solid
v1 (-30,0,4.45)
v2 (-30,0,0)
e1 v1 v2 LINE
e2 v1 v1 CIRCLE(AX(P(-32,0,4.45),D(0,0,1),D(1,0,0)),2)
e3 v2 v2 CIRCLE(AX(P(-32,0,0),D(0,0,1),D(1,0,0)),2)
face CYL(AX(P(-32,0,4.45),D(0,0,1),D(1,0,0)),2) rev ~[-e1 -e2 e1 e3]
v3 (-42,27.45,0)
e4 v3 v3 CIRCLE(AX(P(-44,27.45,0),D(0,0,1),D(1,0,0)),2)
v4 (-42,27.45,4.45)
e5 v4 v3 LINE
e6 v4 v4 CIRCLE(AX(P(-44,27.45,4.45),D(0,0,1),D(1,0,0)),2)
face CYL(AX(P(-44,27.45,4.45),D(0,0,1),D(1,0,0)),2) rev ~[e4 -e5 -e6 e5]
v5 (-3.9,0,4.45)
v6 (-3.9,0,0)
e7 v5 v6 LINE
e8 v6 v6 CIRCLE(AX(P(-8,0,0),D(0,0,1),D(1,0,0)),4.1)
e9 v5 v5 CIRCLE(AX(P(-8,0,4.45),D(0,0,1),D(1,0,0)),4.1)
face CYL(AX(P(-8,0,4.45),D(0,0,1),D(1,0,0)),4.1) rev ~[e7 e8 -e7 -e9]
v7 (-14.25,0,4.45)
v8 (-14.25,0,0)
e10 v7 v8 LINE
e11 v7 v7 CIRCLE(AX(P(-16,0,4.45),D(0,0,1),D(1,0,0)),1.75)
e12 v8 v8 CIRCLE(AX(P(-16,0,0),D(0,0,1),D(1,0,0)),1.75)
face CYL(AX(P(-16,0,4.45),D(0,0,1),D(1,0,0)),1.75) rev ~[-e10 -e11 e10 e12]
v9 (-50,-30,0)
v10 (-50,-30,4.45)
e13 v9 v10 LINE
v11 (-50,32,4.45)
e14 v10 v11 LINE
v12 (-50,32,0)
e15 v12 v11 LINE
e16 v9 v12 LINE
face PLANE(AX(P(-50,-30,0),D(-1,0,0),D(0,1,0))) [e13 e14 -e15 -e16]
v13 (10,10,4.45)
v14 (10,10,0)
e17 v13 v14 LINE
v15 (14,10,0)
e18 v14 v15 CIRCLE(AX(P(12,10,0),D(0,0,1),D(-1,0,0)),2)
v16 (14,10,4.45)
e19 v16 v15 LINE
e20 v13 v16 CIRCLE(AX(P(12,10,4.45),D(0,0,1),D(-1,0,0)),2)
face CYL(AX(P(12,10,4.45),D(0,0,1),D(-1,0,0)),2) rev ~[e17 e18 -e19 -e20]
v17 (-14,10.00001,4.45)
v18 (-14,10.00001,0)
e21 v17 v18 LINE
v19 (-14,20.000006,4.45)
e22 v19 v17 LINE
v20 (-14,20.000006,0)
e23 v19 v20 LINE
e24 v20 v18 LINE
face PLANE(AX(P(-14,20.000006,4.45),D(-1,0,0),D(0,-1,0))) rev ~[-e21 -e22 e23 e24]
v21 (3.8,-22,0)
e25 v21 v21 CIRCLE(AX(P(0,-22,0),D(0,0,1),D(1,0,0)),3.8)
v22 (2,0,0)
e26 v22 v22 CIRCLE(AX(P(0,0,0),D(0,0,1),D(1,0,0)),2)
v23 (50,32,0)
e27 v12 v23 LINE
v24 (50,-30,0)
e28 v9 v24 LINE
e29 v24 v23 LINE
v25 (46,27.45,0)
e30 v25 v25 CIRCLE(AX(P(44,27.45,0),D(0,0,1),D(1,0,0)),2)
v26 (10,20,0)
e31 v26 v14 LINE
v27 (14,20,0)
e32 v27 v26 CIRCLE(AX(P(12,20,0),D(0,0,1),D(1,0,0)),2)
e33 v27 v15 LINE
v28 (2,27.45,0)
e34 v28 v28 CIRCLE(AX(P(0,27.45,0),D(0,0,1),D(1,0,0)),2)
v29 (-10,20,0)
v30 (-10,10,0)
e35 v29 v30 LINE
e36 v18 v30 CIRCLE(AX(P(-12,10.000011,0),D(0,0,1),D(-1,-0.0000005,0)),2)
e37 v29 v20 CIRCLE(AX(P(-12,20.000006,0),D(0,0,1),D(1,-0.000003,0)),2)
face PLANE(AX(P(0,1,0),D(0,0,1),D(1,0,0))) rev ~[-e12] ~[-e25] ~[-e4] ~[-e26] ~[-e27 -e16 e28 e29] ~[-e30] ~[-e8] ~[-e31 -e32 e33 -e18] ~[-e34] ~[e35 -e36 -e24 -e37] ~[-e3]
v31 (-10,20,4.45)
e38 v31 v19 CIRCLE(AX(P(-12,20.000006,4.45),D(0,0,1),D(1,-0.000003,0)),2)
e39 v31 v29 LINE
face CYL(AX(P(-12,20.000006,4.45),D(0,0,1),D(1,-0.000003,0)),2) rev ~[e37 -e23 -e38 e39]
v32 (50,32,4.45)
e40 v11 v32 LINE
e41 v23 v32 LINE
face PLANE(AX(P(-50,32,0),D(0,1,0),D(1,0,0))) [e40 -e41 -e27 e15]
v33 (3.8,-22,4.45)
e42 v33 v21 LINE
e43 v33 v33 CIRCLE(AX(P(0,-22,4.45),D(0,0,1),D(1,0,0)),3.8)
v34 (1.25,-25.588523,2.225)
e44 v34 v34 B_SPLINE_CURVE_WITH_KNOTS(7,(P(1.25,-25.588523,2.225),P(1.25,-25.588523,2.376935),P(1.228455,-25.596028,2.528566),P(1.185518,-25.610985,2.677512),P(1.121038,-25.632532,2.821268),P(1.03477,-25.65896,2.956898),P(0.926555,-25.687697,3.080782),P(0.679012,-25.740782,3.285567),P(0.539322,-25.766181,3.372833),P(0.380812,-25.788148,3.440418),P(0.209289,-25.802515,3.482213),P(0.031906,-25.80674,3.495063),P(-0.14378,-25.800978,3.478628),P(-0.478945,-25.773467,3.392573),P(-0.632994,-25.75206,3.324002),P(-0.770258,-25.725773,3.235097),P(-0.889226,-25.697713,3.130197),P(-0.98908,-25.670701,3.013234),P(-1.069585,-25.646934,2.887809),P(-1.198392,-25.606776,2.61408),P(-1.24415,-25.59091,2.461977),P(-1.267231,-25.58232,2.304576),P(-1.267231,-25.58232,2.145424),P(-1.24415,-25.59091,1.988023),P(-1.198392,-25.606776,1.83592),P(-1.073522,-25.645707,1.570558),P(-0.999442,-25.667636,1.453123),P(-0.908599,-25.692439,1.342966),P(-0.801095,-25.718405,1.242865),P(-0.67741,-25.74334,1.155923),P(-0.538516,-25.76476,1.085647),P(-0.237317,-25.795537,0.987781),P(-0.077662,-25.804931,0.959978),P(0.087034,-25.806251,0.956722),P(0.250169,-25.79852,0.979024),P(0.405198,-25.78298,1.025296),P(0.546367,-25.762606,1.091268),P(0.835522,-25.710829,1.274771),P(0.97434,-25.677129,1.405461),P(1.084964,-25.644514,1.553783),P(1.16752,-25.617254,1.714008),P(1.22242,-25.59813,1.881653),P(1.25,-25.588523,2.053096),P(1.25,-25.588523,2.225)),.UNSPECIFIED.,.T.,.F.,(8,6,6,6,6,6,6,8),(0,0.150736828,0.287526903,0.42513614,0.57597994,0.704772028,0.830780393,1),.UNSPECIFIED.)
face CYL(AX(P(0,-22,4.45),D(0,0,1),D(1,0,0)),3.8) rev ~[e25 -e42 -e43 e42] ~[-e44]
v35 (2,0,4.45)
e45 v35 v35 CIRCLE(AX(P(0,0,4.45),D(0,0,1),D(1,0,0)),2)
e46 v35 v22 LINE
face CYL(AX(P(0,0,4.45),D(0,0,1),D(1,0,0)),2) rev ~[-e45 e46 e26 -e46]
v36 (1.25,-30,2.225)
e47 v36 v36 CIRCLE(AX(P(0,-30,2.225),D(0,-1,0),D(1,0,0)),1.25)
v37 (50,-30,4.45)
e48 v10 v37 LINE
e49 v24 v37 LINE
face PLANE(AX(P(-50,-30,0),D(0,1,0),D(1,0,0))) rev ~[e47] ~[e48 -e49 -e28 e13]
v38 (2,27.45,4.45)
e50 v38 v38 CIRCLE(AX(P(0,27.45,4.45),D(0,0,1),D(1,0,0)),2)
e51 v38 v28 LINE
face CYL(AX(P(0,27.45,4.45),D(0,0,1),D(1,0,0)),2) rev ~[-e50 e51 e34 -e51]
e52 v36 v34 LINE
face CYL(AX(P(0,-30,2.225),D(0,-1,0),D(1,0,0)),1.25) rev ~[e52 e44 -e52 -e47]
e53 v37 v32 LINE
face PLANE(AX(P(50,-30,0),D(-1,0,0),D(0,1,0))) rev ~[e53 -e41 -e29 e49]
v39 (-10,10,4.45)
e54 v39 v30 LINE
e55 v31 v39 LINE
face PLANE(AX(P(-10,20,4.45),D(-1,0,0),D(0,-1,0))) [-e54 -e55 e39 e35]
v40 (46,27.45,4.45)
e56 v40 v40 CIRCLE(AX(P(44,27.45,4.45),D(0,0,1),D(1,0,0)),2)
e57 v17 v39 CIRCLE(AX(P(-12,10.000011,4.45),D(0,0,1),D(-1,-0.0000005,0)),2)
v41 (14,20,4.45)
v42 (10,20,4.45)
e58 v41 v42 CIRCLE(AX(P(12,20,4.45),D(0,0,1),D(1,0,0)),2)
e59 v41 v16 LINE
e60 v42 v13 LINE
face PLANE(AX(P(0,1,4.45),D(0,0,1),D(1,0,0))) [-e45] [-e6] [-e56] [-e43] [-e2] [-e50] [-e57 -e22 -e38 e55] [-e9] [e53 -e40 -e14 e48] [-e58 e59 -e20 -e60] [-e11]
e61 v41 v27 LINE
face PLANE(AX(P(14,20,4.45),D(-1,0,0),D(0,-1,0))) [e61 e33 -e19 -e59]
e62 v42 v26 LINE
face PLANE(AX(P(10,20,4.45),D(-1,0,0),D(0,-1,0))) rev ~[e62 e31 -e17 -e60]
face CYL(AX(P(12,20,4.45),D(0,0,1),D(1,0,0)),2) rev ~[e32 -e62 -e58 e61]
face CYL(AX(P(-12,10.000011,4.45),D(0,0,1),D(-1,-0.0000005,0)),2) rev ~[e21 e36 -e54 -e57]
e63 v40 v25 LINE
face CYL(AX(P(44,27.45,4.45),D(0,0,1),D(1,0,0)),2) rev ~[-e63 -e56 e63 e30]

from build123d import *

# Parameters (mm, degrees)
SKETCH_W        = 100
SKETCH_H        = 62
PAD_DEPTH       = 4.45
SKETCH001_R     = 2
POCKET_DEPTH    = 4.45
SKETCH004_R     = 4.1
POCKET002_DEPTH = 5
SKETCH009_R     = 3.8
POCKET005_DEPTH = 5
SKETCH010_R     = 1.25
POCKET006_DEPTH = 5
SKETCH011_R     = 1.75
SKETCH011_R_2   = 2
POCKET007_DEPTH = 5
POCKET008_DEPTH = 5
SKETCH013_R     = 2
POCKET009_DEPTH = 5


with BuildPart() as part:
    # Sketch → Pad (new body)
    with BuildSketch(Plane.XY):
        with Locations((0, 1)):
            Rectangle(SKETCH_W, SKETCH_H)
    extrude(amount=PAD_DEPTH)

    # Sketch001 → Pocket (cut)
    with BuildSketch(Plane.XY.offset(4.45)):
        Circle(SKETCH001_R)
    extrude(amount=-POCKET_DEPTH, mode=Mode.SUBTRACT)

    # Sketch004 → Pocket002 (cut)
    with BuildSketch(Plane.XY.offset(4.45)):
        with Locations((-8, 0)):
            Circle(SKETCH004_R)
    extrude(amount=-POCKET002_DEPTH, mode=Mode.SUBTRACT)

    # Sketch009 → Pocket005 (cut)
    with BuildSketch(Plane.XY.offset(4.45)):
        with Locations((0, -22)):
            Circle(SKETCH009_R)
    extrude(amount=-POCKET005_DEPTH, mode=Mode.SUBTRACT)

    # Sketch010 → Pocket006 (cut)
    with BuildSketch(Plane.XZ.offset(30)):
        with Locations((0, 2.225)):
            Circle(SKETCH010_R)
    extrude(amount=-POCKET006_DEPTH, mode=Mode.SUBTRACT)

    # Sketch011 → Pocket007 (cut)
    with BuildSketch(Plane.XY.offset(4.45)):
        with Locations((-16, 0)):
            Circle(SKETCH011_R)
        with Locations((-32, 0)):
            Circle(SKETCH011_R_2)
    extrude(amount=-POCKET007_DEPTH, mode=Mode.SUBTRACT)

    # Sketch012 → Pocket008 (cut)
    with BuildSketch(Plane.XY.offset(4.45)):
        with BuildLine():
            ThreePointArc((14, 20), (12, 22), (10, 20))
            Line((10, 20), (10, 10))
            ThreePointArc((10, 10), (12, 8), (14, 10))
            Line((14, 20), (14, 10))
        make_face()
        with BuildLine():
            ThreePointArc((-10, 20), (-11.999997, 22.000006), (-14, 20.000006))
            Line((-14, 20.000006), (-14, 10.00001))
            ThreePointArc((-14, 10.00001), (-12.000005, 8.000011), (-10, 10))
            Line((-10, 20), (-10, 10))
        make_face()
    extrude(amount=-POCKET008_DEPTH, mode=Mode.SUBTRACT)

    # Sketch013 → Pocket009 (cut)
    with BuildSketch(Plane.XY.offset(4.45)):
        with Locations((44, 27.45)):
            Circle(SKETCH013_R)
        with Locations((-44, 27.45)):
            Circle(SKETCH013_R)
        with Locations((0, 27.45)):
            Circle(SKETCH013_R)
    extrude(amount=-POCKET009_DEPTH, mode=Mode.SUBTRACT)


solid = part.part
